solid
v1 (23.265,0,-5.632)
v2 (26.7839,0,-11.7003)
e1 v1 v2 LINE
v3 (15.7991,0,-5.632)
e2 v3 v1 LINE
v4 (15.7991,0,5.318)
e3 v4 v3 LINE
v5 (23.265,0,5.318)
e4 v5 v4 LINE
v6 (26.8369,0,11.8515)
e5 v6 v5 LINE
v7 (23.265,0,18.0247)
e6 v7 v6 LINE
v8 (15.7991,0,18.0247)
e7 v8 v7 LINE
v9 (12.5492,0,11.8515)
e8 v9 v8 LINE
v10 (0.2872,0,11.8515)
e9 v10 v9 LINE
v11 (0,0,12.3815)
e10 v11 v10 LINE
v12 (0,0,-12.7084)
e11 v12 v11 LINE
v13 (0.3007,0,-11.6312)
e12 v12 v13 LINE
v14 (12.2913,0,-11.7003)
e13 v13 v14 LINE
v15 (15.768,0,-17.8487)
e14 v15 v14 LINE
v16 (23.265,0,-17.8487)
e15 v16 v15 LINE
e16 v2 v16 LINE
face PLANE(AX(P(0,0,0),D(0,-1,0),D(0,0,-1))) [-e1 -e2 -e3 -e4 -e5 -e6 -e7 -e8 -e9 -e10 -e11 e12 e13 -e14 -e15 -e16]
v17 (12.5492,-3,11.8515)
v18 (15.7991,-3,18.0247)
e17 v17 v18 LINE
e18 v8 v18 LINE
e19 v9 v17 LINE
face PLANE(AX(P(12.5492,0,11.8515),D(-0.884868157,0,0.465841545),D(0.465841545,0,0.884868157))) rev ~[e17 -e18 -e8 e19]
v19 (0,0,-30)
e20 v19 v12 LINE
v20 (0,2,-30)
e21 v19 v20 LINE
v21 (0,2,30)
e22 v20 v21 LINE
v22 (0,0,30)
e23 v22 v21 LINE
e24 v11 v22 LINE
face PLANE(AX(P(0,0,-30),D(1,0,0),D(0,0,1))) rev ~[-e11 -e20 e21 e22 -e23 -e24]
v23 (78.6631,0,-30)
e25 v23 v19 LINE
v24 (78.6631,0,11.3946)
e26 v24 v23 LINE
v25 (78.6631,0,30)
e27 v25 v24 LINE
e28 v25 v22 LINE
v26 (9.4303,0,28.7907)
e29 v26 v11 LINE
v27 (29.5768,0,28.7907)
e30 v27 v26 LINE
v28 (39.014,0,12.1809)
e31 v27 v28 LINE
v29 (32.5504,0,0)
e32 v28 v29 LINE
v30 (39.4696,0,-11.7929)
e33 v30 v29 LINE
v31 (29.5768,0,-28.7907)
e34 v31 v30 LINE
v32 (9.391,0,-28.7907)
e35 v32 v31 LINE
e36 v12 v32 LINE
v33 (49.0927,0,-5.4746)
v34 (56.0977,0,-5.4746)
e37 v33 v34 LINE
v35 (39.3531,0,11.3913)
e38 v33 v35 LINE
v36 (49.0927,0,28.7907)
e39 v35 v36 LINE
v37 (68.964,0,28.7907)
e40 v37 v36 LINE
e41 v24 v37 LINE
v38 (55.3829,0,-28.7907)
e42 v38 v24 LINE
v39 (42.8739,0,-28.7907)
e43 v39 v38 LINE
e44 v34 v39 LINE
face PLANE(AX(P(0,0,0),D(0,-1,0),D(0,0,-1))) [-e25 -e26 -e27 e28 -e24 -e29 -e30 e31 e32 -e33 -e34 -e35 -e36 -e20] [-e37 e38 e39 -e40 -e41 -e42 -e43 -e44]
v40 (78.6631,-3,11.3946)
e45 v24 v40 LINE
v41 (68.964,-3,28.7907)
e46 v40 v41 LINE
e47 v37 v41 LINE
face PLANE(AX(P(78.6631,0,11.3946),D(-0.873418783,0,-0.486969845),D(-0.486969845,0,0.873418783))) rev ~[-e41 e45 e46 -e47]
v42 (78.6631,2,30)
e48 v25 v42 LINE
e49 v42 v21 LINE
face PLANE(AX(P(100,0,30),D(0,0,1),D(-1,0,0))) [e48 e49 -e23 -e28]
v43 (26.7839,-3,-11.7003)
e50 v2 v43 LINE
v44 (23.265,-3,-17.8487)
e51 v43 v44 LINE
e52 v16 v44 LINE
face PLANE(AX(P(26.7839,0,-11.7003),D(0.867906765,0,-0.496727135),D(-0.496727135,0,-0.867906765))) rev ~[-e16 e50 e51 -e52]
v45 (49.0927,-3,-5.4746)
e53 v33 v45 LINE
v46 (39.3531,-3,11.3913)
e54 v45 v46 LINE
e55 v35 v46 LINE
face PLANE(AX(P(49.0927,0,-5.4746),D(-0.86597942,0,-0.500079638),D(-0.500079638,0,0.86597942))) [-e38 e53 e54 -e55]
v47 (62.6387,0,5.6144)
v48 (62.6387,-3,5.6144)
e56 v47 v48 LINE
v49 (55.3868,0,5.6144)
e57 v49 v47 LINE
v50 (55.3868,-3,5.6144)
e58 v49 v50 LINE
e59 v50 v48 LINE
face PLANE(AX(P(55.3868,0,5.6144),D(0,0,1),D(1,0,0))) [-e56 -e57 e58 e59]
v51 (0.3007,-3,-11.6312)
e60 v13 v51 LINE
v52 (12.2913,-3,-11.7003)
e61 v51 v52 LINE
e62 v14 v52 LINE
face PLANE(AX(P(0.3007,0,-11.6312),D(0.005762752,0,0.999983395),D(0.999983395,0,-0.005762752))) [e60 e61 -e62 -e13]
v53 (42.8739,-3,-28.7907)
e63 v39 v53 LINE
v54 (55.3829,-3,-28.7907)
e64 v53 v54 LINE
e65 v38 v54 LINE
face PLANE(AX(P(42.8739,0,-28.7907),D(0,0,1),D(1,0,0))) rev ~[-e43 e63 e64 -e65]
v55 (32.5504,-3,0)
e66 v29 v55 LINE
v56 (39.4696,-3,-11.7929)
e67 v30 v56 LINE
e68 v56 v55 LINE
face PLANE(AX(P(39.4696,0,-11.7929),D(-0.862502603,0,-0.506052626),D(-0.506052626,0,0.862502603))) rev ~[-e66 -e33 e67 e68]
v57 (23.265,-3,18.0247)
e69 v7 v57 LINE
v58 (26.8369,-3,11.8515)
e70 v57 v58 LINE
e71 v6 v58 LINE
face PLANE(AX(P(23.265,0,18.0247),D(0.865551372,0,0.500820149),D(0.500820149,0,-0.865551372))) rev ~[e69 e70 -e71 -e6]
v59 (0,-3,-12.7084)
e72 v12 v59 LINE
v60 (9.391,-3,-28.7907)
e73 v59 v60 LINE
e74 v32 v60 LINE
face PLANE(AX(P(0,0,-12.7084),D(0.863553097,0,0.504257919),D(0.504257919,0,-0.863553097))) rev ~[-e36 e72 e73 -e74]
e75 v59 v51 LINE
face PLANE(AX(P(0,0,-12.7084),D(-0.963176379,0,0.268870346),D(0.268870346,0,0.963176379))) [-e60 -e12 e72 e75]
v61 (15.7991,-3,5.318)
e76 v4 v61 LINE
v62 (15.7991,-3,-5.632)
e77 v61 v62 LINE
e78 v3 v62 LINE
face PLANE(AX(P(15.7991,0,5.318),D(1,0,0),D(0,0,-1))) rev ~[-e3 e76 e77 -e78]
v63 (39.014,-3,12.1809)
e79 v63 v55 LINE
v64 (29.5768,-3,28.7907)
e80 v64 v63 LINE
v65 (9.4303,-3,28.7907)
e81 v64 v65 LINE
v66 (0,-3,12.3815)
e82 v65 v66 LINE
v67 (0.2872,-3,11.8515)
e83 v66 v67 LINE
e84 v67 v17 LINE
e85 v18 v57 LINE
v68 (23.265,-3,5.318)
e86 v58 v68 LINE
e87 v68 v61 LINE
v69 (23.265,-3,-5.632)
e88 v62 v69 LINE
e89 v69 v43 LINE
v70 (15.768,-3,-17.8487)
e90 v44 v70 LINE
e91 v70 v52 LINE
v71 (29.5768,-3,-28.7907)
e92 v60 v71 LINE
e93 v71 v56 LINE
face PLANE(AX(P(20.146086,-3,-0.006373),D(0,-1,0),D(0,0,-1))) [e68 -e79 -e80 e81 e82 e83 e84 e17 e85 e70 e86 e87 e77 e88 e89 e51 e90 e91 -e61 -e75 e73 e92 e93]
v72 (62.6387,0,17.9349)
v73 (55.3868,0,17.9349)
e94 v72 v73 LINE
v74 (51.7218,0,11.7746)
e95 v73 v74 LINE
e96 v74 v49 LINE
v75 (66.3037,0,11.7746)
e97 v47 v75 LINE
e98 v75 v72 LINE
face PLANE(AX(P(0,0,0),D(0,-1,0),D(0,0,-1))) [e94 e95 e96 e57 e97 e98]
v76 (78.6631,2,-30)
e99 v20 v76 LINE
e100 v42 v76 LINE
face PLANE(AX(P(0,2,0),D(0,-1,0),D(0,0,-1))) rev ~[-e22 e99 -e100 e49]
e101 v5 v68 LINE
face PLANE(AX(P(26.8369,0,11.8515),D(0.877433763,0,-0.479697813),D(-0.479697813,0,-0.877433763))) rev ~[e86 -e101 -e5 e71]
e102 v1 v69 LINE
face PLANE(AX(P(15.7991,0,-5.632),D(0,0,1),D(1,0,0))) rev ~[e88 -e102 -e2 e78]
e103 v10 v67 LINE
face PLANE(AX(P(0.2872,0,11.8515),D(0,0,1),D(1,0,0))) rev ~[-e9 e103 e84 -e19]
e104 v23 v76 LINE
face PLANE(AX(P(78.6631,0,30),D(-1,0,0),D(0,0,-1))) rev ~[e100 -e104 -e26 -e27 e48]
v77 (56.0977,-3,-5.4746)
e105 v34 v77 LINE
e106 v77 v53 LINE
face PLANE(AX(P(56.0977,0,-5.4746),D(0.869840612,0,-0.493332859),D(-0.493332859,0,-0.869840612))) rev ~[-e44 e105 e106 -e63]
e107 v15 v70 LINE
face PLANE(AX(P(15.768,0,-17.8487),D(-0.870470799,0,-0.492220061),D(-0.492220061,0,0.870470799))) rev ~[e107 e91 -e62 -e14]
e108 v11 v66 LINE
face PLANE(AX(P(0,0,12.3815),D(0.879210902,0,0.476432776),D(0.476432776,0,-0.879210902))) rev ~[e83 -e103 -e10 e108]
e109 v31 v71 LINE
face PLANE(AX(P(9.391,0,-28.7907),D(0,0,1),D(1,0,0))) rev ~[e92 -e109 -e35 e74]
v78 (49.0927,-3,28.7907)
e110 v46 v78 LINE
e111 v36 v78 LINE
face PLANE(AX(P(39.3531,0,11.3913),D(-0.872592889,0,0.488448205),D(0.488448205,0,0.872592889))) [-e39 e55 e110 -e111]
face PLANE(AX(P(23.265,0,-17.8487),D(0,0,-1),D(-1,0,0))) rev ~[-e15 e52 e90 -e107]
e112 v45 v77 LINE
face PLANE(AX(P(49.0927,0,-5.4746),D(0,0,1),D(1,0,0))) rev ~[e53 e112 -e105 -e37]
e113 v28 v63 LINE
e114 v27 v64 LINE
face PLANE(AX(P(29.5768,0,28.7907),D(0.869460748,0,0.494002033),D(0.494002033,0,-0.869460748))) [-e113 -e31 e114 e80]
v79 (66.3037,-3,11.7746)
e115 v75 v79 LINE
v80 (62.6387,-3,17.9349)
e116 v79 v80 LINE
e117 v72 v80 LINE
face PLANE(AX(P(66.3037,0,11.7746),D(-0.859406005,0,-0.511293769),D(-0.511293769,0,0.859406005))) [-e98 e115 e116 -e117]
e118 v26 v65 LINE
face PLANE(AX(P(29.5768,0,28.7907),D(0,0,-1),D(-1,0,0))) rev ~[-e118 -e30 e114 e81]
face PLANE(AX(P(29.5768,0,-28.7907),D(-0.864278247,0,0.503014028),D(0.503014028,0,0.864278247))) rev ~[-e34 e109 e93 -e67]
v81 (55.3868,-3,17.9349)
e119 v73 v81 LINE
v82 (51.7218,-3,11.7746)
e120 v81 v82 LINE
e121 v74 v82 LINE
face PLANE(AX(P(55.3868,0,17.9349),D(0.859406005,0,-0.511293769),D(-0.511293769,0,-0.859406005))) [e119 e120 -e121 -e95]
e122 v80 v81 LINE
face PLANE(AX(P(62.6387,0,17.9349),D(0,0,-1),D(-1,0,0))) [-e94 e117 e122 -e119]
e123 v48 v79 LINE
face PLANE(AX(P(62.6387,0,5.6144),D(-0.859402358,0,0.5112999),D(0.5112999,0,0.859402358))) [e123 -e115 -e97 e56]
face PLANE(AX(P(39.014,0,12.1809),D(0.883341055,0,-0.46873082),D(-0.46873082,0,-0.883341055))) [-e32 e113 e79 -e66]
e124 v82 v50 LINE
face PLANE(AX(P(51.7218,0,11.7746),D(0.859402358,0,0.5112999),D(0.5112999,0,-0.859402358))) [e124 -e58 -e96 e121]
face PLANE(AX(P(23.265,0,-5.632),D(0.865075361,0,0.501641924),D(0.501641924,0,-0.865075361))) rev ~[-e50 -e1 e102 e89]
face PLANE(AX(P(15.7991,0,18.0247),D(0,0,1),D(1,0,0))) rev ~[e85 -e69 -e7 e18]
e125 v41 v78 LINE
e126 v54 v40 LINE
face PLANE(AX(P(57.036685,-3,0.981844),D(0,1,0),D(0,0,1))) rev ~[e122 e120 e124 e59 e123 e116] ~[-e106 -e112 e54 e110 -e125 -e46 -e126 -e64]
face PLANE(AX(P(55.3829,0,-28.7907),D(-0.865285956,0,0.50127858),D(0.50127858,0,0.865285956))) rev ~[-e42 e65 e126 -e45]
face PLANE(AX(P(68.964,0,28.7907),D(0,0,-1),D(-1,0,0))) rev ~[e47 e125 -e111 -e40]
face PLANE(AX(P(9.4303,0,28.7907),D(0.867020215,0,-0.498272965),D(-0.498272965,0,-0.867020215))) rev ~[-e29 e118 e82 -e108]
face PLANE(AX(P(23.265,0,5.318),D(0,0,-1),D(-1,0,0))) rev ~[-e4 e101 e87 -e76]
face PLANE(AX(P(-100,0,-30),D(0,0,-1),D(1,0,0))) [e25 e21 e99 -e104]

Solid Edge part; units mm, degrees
sketch "Sketch1" plane through (0, 0, 0) normal (0, -1, 0) x (1, 0, 0)
  line L0 (-100, -30) -> (100, -30)
  line L1 (100, -30) -> (100, 30)
  line L2 (100, 30) -> (-100, 30)
  line L3 (-100, 30) -> (-100, -30)
  dimension "D1" = 200
  dimension "D2" = 60
extrude "Protrusion1" add sketch "Sketch1" against normal blind 2
sketch "Sketch2" plane through (0, 0, 0) normal (0, -1, 0) x (1, 0, 0)
  line L0 (-39.6222, 11.5432) -> (-48.7647, 28.7907)
  line L1 (-48.7647, 28.7907) -> (-68.9181, 28.7907)
  line L2 (-68.9181, 28.7907) -> (-78.6631, 12.1124)
  line L3 (-78.6631, 12.1124) -> (-65.8971, 12.1124)
  line L4 (-65.8971, 12.1124) -> (-62.8688, 18.0634)
  line L5 (-62.8688, 18.0634) -> (-55.6447, 18.0634)
  line L6 (-55.6447, 18.0634) -> (-51.8394, 12.1124)
  line L7 (-51.8394, 12.1124) -> (-55.6447, 5.4911)
  line L8 (-55.6447, 5.4911) -> (-62.8688, 5.4911)
  line L9 (-62.8688, 5.4911) -> (-62.8688, -5.6236)
  line L10 (-62.8688, -5.6236) -> (-55.2147, -5.6236)
  line L11 (-55.2147, -5.6236) -> (-51.8394, -11.6625)
  line L12 (-51.8394, -11.6625) -> (-55.2147, -18.0171)
  line L13 (-55.2147, -18.0171) -> (-62.8688, -18.0171)
  line L14 (-62.8688, -18.0171) -> (-65.8971, -11.6625)
  line L15 (-65.8971, -11.6625) -> (-78.6631, -11.6625)
  line L16 (-78.6631, -11.6625) -> (-68.9922, -28.7907)
  line L17 (-48.7647, -28.7907) -> (-68.9922, -28.7907)
  line L18 (-48.7647, -28.7907) -> (-39.6222, -12.3974)
  line L19 (-39.6222, -12.3974) -> (-45.6448, 0)
  line L20 (-45.6448, 0) -> (-39.6222, 11.5432)
  line L21 (-29.8239, 28.7907) -> (-39.0136, 11.3404)
  line L22 (-39.0136, 11.3404) -> (-27.2051, 11.3404)
  line L23 (-27.2051, 11.3404) -> (-23.5794, 17.7709)
  line L24 (-23.5794, 17.7709) -> (-16.2069, 17.7709)
  line L25 (-16.2069, 17.7709) -> (-12.7725, 11.3404)
  line L26 (-12.7725, 11.3404) -> (-16.2069, 5.3584)
  line L27 (-16.2069, 5.3584) -> (-23.5794, 5.3584)
  line L28 (-23.5794, 5.3584) -> (-23.5794, -5.3744)
  line L29 (-23.5794, -5.3744) -> (-16.2069, -5.3744)
  line L30 (-16.2069, -5.3744) -> (-12.7725, -11.9215)
  line L31 (-12.7725, -11.9215) -> (-16.2069, -18.0364)
  line L32 (-16.2069, -18.0364) -> (-23.5794, -18.0364)
  line L33 (-23.5794, -18.0364) -> (-27.2051, -11.9215)
  line L34 (-27.2051, -11.9215) -> (-39.0832, -11.9215)
  line L35 (-39.0832, -11.9215) -> (-39.0211, -12.3974)
  line L36 (-39.0211, -12.3974) -> (-29.8416, -28.7907)
  line L37 (-29.8416, -28.7907) -> (-9.9734, -28.7907)
  line L38 (-9.9734, -28.7907) -> (0, -11.7929)
  line L39 (0, -11.7929) -> (-6.8407, 0)
  line L40 (-6.8407, 0) -> (0, 11.8515)
  line L41 (0, 11.8515) -> (-9.9734, 28.7907)
  line L42 (-9.9734, 28.7907) -> (-29.8239, 28.7907)
  line L43 (9.4303, 28.7907) -> (0, 12.3815)
  line L44 (0, 12.3815) -> (0.2872, 11.8515)
  line L45 (0.2872, 11.8515) -> (12.5492, 11.8515)
  line L46 (12.5492, 11.8515) -> (15.7991, 18.0247)
  line L47 (15.7991, 18.0247) -> (23.265, 18.0247)
  line L48 (23.265, 18.0247) -> (26.8369, 11.8515)
  line L49 (26.8369, 11.8515) -> (23.265, 5.318)
  line L50 (23.265, 5.318) -> (15.7991, 5.318)
  line L51 (15.7991, 5.318) -> (15.7991, -5.632)
  line L52 (15.7991, -5.632) -> (23.265, -5.632)
  line L53 (23.265, -5.632) -> (26.7839, -11.7003)
  line L54 (26.7839, -11.7003) -> (23.265, -17.8487)
  line L55 (23.265, -17.8487) -> (15.768, -17.8487)
  line L56 (15.768, -17.8487) -> (12.2913, -11.7003)
  line L57 (0.3007, -11.6312) -> (12.2913, -11.7003)
  line L58 (0, -12.7084) -> (0.3007, -11.6312)
  line L59 (0, -12.7084) -> (9.391, -28.7907)
  line L60 (9.391, -28.7907) -> (29.5768, -28.7907)
  line L61 (29.5768, -28.7907) -> (39.4696, -11.7929)
  line L62 (39.4696, -11.7929) -> (32.5504, 0)
  line L63 (39.014, 12.1809) -> (32.5504, 0)
  line L64 (29.5768, 28.7907) -> (39.014, 12.1809)
  line L65 (29.5768, 28.7907) -> (9.4303, 28.7907)
  line L66 (39.3531, 11.3913) -> (49.0927, 28.7907)
  line L67 (68.964, 28.7907) -> (49.0927, 28.7907)
  line L68 (78.6631, 11.3946) -> (68.964, 28.7907)
  line L69 (55.3829, -28.7907) -> (78.6631, 11.3946)
  line L70 (42.8739, -28.7907) -> (55.3829, -28.7907)
  line L71 (56.0977, -5.4746) -> (42.8739, -28.7907)
  line L72 (49.0927, -5.4746) -> (56.0977, -5.4746)
  line L73 (49.0927, -5.4746) -> (39.3531, 11.3913)
  line L74 (51.7218, 11.7746) -> (55.3868, 5.6144)
  line L75 (55.3868, 5.6144) -> (62.6387, 5.6144)
  line L76 (62.6387, 5.6144) -> (66.3037, 11.7746)
  line L77 (66.3037, 11.7746) -> (62.6387, 17.9349)
  line L78 (62.6387, 17.9349) -> (55.3868, 17.9349)
  line L79 (55.3868, 17.9349) -> (51.7218, 11.7746)
extrude "ExtrudedProtrusion_3" add sketch "Sketch2" along normal blind 3
sketch "Sketch3" plane through (0, 0, 0) normal (0, -1, 0) x (1, 0, 0)
  line L0 (-100, -30) -> (0, -30)
  line L1 (0, -30) -> (0, 30)
  line L2 (0, 30) -> (-100, 30)
  line L3 (-100, 30) -> (-100, -30)
  line L4 (100, -30) -> (100, 30)
  line L5 (100, 30) -> (78.6631, 30)
  line L6 (78.6631, 30) -> (78.6631, -30)
  line L7 (78.6631, -30) -> (100, -30)
extrude "ExtrudedCutout_1" cut sketch "Sketch3" along normal blind 52.8721
sketch "Sketch4" plane through (0, 0, 0) normal (0, -1, 0) x (1, 0, 0)
  line L0 (-100, 30) -> (-100, -30)
  line L1 (-100, -30) -> (0, -30)
  line L2 (0, -30) -> (0, 30)
  line L3 (0, 30) -> (-100, 30)
  line L4 (100, -30) -> (100, 30)
  line L5 (100, 30) -> (78.6631, 30)
  line L6 (78.6631, 30) -> (78.6631, -30)
  line L7 (78.6631, -30) -> (100, -30)
extrude "ExtrudedCutout_2" cut sketch "Sketch4" against normal blind 13.1606
properties part number "BumbleB0910"
